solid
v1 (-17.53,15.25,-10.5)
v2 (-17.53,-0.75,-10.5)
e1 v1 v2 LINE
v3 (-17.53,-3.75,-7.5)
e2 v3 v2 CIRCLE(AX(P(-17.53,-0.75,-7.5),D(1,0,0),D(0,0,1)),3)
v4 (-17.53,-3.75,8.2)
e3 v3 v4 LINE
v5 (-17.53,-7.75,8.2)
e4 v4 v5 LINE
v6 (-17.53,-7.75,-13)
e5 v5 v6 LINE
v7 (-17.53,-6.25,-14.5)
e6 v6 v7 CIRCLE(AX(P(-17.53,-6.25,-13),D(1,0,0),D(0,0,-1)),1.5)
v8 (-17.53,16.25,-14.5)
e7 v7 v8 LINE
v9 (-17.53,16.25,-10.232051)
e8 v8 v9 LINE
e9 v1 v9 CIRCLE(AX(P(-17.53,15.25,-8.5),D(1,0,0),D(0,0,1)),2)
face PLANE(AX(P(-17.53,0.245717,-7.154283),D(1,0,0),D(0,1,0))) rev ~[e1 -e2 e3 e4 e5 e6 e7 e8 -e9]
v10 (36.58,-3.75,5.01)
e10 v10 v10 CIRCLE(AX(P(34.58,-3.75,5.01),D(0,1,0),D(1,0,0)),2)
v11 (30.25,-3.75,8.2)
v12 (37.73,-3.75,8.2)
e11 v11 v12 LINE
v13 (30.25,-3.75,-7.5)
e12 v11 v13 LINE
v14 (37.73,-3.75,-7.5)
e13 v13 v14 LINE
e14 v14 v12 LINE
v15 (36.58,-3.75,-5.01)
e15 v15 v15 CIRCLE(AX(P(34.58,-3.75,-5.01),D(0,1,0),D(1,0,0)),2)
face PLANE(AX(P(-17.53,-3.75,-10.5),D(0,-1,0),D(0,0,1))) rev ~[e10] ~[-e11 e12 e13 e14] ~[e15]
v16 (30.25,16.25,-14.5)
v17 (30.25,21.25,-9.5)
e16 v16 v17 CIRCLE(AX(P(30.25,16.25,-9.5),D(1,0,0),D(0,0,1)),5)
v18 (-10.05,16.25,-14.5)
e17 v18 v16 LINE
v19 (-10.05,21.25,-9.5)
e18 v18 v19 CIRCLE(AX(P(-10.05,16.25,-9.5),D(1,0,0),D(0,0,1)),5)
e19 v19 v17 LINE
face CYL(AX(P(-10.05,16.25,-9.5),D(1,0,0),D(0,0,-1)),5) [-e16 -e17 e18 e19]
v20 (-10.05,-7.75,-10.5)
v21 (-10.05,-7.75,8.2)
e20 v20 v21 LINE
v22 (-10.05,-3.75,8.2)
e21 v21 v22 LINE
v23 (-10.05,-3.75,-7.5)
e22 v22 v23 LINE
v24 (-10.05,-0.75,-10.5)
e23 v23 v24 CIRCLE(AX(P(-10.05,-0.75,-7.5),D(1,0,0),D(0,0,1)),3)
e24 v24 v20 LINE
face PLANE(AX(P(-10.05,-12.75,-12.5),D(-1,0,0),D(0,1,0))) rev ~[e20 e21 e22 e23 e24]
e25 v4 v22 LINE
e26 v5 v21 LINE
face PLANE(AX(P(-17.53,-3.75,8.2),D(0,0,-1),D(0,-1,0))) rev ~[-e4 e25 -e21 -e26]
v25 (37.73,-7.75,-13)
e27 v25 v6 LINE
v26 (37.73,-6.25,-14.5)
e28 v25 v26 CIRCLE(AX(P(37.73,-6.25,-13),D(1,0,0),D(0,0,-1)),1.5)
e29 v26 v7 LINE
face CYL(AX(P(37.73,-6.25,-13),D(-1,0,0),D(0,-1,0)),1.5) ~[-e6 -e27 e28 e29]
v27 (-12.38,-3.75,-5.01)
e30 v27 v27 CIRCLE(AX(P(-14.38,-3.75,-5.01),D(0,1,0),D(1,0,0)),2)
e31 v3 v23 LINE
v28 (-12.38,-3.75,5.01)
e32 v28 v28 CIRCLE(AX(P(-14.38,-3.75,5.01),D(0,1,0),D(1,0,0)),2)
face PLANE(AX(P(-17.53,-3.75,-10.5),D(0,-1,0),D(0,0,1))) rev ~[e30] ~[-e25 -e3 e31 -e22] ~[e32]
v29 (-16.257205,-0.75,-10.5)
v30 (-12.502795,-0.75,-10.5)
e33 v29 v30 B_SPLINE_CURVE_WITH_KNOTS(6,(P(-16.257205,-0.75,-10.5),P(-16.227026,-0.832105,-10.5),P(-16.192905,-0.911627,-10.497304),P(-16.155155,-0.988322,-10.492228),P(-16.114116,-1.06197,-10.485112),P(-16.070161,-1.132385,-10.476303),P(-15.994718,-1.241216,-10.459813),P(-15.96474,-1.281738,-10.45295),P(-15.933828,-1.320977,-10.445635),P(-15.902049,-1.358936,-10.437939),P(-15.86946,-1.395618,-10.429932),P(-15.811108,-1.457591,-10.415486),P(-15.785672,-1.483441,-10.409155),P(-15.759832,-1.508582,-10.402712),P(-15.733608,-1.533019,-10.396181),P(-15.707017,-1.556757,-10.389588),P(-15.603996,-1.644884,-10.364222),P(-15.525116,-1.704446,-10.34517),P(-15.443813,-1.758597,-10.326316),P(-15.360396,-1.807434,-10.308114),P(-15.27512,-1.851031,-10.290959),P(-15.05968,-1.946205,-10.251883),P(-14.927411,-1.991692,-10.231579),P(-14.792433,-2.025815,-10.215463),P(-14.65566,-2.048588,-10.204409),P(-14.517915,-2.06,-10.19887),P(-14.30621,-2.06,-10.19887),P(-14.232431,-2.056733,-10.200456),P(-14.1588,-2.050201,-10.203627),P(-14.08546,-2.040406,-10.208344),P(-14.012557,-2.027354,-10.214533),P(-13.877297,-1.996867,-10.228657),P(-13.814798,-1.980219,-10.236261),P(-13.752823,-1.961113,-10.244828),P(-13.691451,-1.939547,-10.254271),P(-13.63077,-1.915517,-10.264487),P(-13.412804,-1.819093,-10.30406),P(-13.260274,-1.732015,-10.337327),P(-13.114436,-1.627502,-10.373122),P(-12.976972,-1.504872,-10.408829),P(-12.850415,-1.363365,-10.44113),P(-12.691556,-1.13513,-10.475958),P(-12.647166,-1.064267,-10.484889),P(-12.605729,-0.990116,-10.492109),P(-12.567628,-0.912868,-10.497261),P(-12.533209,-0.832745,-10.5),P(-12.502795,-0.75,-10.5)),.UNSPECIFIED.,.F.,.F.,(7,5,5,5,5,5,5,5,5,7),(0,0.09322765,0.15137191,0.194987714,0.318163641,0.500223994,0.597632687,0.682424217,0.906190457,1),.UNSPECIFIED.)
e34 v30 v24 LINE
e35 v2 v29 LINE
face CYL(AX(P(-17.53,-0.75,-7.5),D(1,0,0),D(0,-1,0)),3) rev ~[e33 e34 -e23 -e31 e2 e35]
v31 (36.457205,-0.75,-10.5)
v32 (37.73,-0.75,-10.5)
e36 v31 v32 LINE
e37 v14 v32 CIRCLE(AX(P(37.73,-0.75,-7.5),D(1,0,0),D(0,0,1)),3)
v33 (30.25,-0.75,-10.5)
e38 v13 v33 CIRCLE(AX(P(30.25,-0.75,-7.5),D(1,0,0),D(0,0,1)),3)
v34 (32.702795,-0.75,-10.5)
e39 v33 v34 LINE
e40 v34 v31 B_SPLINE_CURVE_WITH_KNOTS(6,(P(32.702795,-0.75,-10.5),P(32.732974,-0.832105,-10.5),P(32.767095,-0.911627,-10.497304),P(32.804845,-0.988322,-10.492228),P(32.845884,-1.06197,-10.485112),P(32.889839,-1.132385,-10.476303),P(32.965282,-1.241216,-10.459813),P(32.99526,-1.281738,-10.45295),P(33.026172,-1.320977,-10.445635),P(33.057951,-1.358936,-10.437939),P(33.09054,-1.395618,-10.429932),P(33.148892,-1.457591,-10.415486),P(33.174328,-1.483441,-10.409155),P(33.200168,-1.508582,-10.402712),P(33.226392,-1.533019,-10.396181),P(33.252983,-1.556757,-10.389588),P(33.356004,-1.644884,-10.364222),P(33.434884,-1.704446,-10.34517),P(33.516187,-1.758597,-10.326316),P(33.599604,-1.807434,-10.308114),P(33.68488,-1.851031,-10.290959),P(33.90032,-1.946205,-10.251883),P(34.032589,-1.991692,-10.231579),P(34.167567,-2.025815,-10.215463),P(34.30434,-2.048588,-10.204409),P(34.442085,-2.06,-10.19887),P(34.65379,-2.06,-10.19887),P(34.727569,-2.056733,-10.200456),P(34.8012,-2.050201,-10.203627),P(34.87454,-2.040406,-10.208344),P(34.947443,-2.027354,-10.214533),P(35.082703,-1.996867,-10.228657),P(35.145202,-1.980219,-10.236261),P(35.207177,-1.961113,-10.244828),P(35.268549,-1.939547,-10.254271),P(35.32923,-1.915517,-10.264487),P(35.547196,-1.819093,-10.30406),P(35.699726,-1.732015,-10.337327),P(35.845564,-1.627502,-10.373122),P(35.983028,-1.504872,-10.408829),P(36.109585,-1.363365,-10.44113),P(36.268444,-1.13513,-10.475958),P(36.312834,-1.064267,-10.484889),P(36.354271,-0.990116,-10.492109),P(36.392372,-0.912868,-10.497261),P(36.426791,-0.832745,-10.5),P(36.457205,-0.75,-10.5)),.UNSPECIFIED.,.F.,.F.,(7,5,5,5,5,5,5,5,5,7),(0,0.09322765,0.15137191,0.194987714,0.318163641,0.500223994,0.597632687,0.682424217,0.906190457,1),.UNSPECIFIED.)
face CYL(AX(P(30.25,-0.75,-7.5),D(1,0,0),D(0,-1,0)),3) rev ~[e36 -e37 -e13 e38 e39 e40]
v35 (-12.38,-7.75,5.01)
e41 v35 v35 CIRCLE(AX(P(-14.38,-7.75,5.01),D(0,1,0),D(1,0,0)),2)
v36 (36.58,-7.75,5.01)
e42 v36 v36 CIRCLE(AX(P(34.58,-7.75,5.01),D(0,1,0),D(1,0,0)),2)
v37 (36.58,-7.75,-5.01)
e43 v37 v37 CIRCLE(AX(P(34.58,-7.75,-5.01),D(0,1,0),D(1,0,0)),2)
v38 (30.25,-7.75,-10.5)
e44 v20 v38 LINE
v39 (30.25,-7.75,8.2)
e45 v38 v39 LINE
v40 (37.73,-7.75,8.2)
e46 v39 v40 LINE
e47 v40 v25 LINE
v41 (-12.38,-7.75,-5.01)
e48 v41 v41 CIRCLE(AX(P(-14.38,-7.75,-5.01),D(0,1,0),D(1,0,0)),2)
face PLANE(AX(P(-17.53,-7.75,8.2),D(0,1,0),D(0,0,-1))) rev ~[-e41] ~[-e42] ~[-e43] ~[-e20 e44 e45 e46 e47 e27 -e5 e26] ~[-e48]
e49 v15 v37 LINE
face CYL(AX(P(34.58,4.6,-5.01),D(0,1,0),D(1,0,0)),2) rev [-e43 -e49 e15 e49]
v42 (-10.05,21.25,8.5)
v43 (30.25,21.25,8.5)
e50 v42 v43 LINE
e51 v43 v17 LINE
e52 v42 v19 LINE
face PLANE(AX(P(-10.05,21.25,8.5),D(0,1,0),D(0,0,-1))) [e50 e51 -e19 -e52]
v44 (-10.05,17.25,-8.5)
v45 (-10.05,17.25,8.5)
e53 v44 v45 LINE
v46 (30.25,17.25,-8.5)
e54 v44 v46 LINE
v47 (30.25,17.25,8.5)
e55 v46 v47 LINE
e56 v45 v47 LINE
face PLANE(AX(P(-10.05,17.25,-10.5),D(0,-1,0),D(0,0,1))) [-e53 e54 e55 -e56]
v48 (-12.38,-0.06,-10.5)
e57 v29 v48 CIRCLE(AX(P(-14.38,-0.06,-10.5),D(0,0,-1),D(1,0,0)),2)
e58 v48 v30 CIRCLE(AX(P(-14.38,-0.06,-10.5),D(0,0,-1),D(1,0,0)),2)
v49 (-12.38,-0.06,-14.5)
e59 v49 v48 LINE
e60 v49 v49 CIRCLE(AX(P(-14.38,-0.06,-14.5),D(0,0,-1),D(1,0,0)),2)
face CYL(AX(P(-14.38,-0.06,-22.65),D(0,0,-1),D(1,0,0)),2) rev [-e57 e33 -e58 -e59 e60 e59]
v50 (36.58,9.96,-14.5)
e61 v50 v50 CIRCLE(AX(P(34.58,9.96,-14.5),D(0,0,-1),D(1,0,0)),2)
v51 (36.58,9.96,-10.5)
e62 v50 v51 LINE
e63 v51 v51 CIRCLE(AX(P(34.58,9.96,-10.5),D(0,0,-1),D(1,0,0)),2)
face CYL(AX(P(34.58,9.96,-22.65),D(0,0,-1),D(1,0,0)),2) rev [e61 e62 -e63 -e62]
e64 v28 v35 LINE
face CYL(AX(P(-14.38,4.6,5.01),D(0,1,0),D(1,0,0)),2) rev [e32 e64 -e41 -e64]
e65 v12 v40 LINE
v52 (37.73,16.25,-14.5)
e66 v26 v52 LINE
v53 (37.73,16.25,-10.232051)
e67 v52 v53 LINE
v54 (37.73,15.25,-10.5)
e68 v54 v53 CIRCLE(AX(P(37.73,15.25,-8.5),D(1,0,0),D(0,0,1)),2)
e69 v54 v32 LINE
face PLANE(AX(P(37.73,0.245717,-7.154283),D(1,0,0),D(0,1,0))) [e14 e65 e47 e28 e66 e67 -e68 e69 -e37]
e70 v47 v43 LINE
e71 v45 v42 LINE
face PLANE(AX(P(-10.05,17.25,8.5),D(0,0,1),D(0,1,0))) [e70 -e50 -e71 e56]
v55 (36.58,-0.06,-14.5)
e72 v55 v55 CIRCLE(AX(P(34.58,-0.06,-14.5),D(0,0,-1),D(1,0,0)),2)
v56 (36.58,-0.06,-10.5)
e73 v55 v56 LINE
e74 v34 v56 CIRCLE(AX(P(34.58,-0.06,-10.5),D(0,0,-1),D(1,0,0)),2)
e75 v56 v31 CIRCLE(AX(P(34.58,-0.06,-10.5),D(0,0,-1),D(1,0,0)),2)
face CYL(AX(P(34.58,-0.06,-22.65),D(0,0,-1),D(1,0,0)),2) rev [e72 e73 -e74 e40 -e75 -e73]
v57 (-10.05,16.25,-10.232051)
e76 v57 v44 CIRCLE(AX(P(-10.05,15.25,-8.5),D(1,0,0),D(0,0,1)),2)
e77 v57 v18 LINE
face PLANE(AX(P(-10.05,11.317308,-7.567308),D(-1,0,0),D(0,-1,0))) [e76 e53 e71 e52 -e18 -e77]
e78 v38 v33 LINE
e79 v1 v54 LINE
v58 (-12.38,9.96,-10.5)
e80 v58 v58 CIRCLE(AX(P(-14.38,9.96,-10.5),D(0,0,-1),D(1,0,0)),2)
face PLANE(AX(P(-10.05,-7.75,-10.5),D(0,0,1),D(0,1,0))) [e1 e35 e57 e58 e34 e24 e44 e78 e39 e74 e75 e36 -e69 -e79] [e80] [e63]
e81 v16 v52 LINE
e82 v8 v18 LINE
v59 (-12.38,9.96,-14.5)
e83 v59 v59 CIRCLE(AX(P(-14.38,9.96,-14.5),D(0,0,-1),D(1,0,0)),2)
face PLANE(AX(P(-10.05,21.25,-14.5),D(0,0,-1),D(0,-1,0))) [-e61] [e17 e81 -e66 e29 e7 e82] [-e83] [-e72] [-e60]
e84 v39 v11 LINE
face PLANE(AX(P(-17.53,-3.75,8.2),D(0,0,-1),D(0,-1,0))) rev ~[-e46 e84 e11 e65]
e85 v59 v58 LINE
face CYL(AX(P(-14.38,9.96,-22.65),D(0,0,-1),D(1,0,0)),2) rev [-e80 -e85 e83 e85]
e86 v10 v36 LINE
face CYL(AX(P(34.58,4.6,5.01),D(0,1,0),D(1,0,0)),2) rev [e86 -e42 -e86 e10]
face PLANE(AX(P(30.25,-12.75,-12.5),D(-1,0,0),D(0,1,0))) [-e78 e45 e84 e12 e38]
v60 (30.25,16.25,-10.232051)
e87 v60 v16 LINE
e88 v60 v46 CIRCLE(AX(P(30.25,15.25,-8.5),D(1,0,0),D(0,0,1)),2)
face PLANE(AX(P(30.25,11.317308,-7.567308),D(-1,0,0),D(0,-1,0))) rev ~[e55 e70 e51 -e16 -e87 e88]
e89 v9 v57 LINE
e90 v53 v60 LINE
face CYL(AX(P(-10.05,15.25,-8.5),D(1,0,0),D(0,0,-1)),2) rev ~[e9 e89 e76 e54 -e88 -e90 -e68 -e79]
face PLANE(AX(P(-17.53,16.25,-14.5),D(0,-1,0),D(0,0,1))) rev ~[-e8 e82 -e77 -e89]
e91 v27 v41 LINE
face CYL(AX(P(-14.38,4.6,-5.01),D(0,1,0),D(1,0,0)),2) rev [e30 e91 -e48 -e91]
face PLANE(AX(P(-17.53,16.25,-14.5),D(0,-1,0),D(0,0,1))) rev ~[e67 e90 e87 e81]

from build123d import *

# Parameters (mm, degrees)
CYLINDER015_R          = 2
CYLINDER015_DEPTH      = 15
CYLINDER015_ROLL_ANGLE = 90
CYLINDER007_R          = 2
CYLINDER007_DEPTH      = 15
CYLINDER006_R          = 2
CYLINDER006_DEPTH      = 15
CYLINDER005_R          = 2
CYLINDER005_DEPTH      = 15
CYLINDER004_R          = 2
CYLINDER004_DEPTH      = 15
CYLINDER003_R          = 2
CYLINDER003_DEPTH      = 15
CYLINDER003_ROLL_ANGLE = 90
CYLINDER002_R          = 2
CYLINDER002_DEPTH      = 15
CYLINDER002_ROLL_ANGLE = 90
CYLINDER001_R          = 2
CYLINDER001_DEPTH      = 15
CYLINDER001_ROLL_ANGLE = 90
CYLINDER_R             = 2
CYLINDER_DEPTH         = 15
CYLINDER_ROLL_ANGLE    = 90
PAD002_DEPTH           = 40.3
BOX_W                  = 40.3
BOX_H                  = 15
BOX_DEPTH              = 25
PAD003_DEPTH           = 55.26
FILLET_R               = 3
FILLET001_R            = 1.5
FILLET002_R            = 2
FILLET005_R            = 5


with BuildPart() as cilindro015:
    # Cylinder015 → Cylinder015 (new body)
    with BuildSketch(Plane.XY):
        Circle(CYLINDER015_R)
    extrude(amount=CYLINDER015_DEPTH)


with BuildPart() as cilindro015_1:
    # Cylinder015 roll: moved
    add(cilindro015.part.rotate(Axis((0, 0, 0), (1, 0, 0)), CYLINDER015_ROLL_ANGLE))


with BuildPart() as cilindro015_2:
    # Cylinder015 placement: moved
    add(cilindro015_1.part.moved(Location((-24.48, 4.65, 15.01))))


with BuildPart() as cilindro007:
    # Cylinder007 → Cylinder007 (new body)
    with BuildSketch(Plane(origin=(24.48, 10.01, -12.65), x_dir=(1, 0, 0), z_dir=(0, 0, 1))):
        Circle(CYLINDER007_R)
    extrude(amount=CYLINDER007_DEPTH)


with BuildPart() as cilindro006:
    # Cylinder006 → Cylinder006 (new body)
    with BuildSketch(Plane(origin=(-24.48, -0.01, -12.65), x_dir=(1, 0, 0), z_dir=(0, 0, 1))):
        Circle(CYLINDER006_R)
    extrude(amount=CYLINDER006_DEPTH)


with BuildPart() as cilindro005:
    # Cylinder005 → Cylinder005 (new body)
    with BuildSketch(Plane(origin=(24.48, -0.01, -12.65), x_dir=(1, 0, 0), z_dir=(0, 0, 1))):
        Circle(CYLINDER005_R)
    extrude(amount=CYLINDER005_DEPTH)


with BuildPart() as cilindro004:
    # Cylinder004 → Cylinder004 (new body)
    with BuildSketch(Plane(origin=(-24.48, 10.01, -12.65), x_dir=(1, 0, 0), z_dir=(0, 0, 1))):
        Circle(CYLINDER004_R)
    extrude(amount=CYLINDER004_DEPTH)


with BuildPart() as cilindro003:
    # Cylinder003 → Cylinder003 (new body)
    with BuildSketch(Plane.XY):
        Circle(CYLINDER003_R)
    extrude(amount=CYLINDER003_DEPTH)


with BuildPart() as cilindro003_1:
    # Cylinder003 roll: moved
    add(cilindro003.part.rotate(Axis((0, 0, 0), (1, 0, 0)), CYLINDER003_ROLL_ANGLE))


with BuildPart() as cilindro003_2:
    # Cylinder003 placement: moved
    add(cilindro003_1.part.moved(Location((-24.48, 4.65, 4.99))))


with BuildPart() as cilindro002:
    # Cylinder002 → Cylinder002 (new body)
    with BuildSketch(Plane.XY):
        Circle(CYLINDER002_R)
    extrude(amount=CYLINDER002_DEPTH)


with BuildPart() as cilindro002_1:
    # Cylinder002 roll: moved
    add(cilindro002.part.rotate(Axis((0, 0, 0), (1, 0, 0)), CYLINDER002_ROLL_ANGLE))


with BuildPart() as cilindro002_2:
    # Cylinder002 placement: moved
    add(cilindro002_1.part.moved(Location((-24.48, 4.65, 15.01))))


with BuildPart() as cilindro001:
    # Cylinder001 → Cylinder001 (new body)
    with BuildSketch(Plane.XY):
        Circle(CYLINDER001_R)
    extrude(amount=CYLINDER001_DEPTH)


with BuildPart() as cilindro001_1:
    # Cylinder001 roll: moved
    add(cilindro001.part.rotate(Axis((0, 0, 0), (1, 0, 0)), CYLINDER001_ROLL_ANGLE))


with BuildPart() as cilindro001_2:
    # Cylinder001 placement: moved
    add(cilindro001_1.part.moved(Location((24.48, 4.65, 4.99))))


with BuildPart() as cilindro:
    # Cylinder → Cylinder (new body)
    with BuildSketch(Plane.XY):
        Circle(CYLINDER_R)
    extrude(amount=CYLINDER_DEPTH)


with BuildPart() as cilindro_1:
    # Cylinder roll: moved
    add(cilindro.part.rotate(Axis((0, 0, 0), (1, 0, 0)), CYLINDER_ROLL_ANGLE))


with BuildPart() as cilindro_2:
    # Cylinder placement: moved
    add(cilindro_1.part.moved(Location((24.48, 4.65, 15.01))))


with BuildPart() as pad002:
    # Sketch002 → Pad002 (new body)
    with BuildSketch(Plane.YZ.offset(-20.15)):
        Polygon((17.3, 18.5), (21.3, 18.5), (21.3, -4.5), (-7.7, -4.5), (-7.7, -0.5), (17.3, -0.5), align=None)
    extrude(amount=PAD002_DEPTH)


with BuildPart() as cubo:
    # Box → Box (new body)
    with BuildSketch(Plane(origin=(-20.15, -12.7, -2.5), x_dir=(1, 0, 0), z_dir=(0, 0, 1))):
        with Locations((20.15, 7.5)):
            Rectangle(BOX_W, BOX_H)
    extrude(amount=BOX_DEPTH)


with BuildPart() as pieza1v1:
    # Sketch003 → Pad003 (new body)
    with BuildSketch(Plane.YZ.offset(-27.63)):
        Polygon((-7.7, -4.5), (16.3, -4.5), (16.3, -0.5), (-3.7, -0.5), (-3.7, 18.2), (-7.7, 18.2), align=None)
    extrude(amount=PAD003_DEPTH)

    # Cut: cut Cubo
    add(cubo.part, mode=Mode.SUBTRACT)

    # Fusion: union Pad002
    add(pad002.part)

    # Fillet
    fillet_edges = [pieza1v1.edges().sort_by_distance(p)[0] for p in [
        (-23.89, -3.7, -0.5),
        (23.89, -3.7, -0.5),
    ]]
    fillet(fillet_edges, radius=FILLET_R)

    # Fillet001
    fillet001_edges = [pieza1v1.edges().sort_by_distance(p)[0] for p in [
        (0, -7.7, -4.5),
    ]]
    fillet(fillet001_edges, radius=FILLET001_R)

    # Fillet002
    fillet002_edges = [pieza1v1.edges().sort_by_distance(p)[0] for p in [
        (0, 17.3, -0.5),
    ]]
    fillet(fillet002_edges, radius=FILLET002_R)

    # Fillet005
    fillet005_edges = [pieza1v1.edges().sort_by_distance(p)[0] for p in [
        (0, 21.3, -4.5),
    ]]
    fillet(fillet005_edges, radius=FILLET005_R)

    # Cut015: cut Cilindro
    add(cilindro_2.part, mode=Mode.SUBTRACT)

    # Cut016: cut Cilindro001
    add(cilindro001_2.part, mode=Mode.SUBTRACT)

    # Cut017: cut Cilindro002
    add(cilindro002_2.part, mode=Mode.SUBTRACT)

    # Cut018: cut Cilindro003
    add(cilindro003_2.part, mode=Mode.SUBTRACT)

    # Cut019: cut Cilindro004
    add(cilindro004.part, mode=Mode.SUBTRACT)

    # Cut020: cut Cilindro005
    add(cilindro005.part, mode=Mode.SUBTRACT)

    # Cut021: cut Cilindro006
    add(cilindro006.part, mode=Mode.SUBTRACT)

    # Cut022: cut Cilindro007
    add(cilindro007.part, mode=Mode.SUBTRACT)

    # Cut023: cut Cilindro015
    add(cilindro015_2.part, mode=Mode.SUBTRACT)


with BuildPart() as pieza1v1_1:
    # Cut023 placement: moved
    add(pieza1v1.part.moved(Location((10.1, -0.05, -10))))


solid = pieza1v1_1.part
